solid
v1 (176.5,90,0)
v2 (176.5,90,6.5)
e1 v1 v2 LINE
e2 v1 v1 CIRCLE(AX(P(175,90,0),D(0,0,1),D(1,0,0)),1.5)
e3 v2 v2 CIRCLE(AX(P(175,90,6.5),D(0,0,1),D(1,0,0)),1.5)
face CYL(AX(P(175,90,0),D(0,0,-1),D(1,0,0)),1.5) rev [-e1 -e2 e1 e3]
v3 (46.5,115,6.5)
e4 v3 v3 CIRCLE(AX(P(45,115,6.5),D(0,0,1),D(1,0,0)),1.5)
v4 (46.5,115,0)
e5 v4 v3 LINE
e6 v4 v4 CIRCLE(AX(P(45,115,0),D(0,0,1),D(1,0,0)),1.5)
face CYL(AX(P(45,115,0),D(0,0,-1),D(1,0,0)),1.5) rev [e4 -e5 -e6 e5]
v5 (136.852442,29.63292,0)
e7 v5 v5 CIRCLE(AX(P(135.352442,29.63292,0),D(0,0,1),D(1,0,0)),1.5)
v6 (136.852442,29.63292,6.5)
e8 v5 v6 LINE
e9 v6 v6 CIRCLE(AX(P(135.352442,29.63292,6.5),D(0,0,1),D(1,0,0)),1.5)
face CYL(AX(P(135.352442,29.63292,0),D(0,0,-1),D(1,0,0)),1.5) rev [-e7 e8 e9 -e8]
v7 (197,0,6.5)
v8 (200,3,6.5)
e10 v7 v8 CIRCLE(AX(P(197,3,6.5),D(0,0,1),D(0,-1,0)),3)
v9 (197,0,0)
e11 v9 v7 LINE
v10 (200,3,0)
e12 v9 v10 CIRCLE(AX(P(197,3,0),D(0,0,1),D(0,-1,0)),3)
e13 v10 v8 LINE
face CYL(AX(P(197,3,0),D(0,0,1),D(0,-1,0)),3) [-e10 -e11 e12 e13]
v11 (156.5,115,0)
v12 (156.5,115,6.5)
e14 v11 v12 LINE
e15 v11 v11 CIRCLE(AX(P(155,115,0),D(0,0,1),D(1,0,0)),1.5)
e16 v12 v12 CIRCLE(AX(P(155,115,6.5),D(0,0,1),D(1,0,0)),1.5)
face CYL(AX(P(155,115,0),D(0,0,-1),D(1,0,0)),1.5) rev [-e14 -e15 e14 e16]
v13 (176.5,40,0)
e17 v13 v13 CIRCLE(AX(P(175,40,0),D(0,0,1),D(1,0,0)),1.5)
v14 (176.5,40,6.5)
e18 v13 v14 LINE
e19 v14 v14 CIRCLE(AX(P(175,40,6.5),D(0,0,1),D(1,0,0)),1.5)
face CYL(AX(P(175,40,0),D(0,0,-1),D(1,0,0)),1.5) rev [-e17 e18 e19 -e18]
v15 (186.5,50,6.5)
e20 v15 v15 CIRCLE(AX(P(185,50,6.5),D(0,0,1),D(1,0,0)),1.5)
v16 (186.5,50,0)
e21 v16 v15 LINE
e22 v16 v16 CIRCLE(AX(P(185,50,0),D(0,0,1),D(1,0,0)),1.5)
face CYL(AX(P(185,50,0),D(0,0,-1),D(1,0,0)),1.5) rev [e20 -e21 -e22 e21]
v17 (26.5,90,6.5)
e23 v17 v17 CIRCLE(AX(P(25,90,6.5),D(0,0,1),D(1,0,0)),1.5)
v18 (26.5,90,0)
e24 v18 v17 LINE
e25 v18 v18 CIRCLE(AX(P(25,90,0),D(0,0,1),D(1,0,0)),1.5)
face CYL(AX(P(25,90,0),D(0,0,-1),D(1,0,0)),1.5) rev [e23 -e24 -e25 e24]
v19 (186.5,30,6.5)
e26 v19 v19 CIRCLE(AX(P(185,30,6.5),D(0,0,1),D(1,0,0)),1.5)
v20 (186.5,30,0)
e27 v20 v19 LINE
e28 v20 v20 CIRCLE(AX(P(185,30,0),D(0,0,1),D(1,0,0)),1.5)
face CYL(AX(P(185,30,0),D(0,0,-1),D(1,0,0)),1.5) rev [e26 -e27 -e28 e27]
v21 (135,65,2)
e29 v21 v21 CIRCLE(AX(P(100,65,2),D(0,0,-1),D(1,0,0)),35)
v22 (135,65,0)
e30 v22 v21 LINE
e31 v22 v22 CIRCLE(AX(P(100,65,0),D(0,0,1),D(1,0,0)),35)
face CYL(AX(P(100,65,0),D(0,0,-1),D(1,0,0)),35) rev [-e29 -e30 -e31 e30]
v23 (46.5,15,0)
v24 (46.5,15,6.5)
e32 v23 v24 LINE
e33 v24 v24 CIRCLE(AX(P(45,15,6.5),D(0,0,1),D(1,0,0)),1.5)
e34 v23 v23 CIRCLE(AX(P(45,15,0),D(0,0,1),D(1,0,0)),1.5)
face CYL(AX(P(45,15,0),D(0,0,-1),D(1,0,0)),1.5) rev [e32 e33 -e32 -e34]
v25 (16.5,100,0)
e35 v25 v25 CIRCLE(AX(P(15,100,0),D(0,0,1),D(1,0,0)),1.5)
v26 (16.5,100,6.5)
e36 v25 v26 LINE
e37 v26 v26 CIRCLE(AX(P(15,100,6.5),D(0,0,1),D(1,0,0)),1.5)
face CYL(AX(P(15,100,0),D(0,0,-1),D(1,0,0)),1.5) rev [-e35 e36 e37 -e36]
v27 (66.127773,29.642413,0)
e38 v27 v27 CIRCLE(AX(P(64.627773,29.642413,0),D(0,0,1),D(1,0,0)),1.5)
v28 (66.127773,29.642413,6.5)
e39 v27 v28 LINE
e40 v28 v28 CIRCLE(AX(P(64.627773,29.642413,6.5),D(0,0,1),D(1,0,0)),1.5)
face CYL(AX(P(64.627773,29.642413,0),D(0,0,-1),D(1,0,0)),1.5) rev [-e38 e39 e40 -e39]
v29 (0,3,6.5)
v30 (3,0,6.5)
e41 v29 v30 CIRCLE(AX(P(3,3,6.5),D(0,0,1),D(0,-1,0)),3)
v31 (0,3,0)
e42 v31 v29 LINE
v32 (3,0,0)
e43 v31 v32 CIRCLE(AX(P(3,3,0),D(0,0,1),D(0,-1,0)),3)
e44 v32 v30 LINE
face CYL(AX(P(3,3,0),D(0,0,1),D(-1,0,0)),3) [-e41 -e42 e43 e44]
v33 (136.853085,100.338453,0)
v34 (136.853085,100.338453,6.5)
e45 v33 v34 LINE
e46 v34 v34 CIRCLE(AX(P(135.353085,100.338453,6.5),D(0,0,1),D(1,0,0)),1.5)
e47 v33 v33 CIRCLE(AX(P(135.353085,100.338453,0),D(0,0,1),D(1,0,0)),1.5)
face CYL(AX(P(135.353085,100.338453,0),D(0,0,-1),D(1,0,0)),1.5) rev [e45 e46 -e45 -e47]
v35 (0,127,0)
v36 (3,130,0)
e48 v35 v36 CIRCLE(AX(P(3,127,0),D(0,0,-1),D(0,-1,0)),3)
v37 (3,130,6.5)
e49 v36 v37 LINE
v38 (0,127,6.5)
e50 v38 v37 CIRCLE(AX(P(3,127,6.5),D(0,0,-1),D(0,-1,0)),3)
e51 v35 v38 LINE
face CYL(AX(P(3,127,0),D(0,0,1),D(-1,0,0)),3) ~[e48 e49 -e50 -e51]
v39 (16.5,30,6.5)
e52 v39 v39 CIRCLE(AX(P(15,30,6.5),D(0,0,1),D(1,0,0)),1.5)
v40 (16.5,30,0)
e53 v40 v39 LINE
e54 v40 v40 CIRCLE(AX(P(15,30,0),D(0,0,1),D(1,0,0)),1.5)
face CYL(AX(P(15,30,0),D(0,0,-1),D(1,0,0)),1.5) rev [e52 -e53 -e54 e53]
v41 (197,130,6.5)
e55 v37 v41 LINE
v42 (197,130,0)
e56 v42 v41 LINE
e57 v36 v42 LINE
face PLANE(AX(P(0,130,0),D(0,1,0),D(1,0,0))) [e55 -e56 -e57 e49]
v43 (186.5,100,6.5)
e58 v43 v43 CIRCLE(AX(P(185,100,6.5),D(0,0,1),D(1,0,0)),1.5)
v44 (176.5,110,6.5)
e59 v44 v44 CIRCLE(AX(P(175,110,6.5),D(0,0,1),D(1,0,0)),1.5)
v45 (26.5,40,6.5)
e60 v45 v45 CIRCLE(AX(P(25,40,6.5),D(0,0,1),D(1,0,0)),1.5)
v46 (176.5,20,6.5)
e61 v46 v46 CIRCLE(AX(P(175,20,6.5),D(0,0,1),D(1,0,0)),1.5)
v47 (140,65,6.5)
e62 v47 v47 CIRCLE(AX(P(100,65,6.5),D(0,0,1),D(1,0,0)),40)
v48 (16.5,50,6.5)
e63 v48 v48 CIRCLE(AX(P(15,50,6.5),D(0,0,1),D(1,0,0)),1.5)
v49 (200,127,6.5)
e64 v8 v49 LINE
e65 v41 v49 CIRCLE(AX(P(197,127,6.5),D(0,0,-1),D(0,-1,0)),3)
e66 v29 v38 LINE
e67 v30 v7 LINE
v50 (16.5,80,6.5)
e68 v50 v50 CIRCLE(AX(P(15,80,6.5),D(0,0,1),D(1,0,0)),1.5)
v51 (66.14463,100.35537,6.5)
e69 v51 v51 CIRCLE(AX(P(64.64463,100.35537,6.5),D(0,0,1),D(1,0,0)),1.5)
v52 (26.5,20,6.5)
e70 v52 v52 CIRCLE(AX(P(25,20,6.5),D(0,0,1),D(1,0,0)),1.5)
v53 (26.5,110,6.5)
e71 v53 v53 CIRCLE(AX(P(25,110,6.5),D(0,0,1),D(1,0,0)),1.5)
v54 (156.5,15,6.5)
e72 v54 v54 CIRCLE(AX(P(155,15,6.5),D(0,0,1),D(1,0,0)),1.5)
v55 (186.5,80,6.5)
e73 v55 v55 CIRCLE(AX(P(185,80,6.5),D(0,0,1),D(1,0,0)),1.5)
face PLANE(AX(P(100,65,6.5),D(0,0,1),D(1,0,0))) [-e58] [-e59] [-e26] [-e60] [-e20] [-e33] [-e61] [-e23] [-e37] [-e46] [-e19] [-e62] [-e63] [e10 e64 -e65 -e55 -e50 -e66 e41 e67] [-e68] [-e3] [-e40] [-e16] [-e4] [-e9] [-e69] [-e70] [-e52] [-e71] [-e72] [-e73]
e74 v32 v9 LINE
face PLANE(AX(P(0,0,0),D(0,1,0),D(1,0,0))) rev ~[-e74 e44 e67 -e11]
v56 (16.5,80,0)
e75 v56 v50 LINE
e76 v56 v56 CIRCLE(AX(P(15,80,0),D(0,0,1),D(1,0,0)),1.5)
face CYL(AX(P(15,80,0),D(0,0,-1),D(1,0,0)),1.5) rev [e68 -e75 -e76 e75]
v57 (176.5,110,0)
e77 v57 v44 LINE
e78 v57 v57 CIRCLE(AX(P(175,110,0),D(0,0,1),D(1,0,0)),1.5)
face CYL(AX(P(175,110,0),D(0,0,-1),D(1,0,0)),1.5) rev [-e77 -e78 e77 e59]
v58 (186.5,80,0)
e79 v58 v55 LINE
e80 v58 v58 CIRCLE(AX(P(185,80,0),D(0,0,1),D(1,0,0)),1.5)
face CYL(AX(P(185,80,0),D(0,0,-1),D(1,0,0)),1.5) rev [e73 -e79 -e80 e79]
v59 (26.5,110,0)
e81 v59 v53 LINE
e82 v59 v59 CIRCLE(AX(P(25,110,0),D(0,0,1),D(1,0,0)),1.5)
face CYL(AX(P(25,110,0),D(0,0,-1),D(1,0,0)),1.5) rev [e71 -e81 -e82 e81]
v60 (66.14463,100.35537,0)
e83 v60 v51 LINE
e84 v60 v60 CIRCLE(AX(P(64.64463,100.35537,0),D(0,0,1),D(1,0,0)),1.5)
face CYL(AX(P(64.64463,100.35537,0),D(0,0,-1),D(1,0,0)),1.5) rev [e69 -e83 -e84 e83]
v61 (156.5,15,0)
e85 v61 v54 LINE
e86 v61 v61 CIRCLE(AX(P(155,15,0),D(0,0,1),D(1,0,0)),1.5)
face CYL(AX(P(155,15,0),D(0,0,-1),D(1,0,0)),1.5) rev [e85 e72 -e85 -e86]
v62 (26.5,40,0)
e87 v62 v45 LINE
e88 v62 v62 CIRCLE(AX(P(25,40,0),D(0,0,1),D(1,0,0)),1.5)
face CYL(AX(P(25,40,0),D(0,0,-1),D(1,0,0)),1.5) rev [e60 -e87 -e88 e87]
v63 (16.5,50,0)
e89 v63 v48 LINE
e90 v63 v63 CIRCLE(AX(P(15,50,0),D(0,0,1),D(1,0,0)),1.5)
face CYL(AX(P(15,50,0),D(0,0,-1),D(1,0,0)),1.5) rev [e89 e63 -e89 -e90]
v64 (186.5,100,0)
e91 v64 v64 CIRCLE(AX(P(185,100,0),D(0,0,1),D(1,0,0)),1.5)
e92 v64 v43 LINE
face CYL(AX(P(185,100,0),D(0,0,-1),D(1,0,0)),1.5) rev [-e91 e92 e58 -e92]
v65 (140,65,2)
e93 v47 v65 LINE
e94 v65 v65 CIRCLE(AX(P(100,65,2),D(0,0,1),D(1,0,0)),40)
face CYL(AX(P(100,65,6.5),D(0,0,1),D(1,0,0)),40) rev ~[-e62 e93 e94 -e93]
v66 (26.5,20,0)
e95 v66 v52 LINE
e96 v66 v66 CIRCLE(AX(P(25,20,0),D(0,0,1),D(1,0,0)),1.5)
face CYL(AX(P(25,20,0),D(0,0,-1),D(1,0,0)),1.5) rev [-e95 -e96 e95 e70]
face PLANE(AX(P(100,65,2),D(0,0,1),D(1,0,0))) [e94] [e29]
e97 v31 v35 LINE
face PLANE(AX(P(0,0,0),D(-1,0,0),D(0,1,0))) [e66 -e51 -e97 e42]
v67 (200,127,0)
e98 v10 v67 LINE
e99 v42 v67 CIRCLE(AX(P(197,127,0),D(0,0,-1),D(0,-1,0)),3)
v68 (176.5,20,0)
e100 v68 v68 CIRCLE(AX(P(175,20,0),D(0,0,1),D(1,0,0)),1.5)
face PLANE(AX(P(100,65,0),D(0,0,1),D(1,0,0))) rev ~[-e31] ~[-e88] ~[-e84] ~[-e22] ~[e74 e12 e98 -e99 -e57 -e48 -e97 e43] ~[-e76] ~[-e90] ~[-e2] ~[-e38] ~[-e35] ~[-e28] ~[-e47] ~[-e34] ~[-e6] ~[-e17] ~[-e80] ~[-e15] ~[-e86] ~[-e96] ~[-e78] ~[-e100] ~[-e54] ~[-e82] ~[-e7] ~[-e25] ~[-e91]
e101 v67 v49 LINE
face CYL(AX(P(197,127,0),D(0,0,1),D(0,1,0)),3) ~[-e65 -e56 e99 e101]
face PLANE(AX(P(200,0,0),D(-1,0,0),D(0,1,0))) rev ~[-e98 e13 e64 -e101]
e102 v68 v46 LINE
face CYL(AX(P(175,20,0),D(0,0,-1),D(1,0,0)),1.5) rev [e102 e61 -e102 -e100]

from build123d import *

# Parameters (mm, degrees)
SKETCH_W     = 200
SKETCH_H     = 130
SKETCH_R     = 35
SKETCH_R_2   = 1.5
PAD_DEPTH    = 6.5
SKETCH001_R  = 40
POCKET_DEPTH = 4.5
FILLET_R     = 3


with BuildPart() as part:
    # Sketch → Pad (new body)
    with BuildSketch(Plane.XY):
        with Locations((100, 65)):
            Rectangle(SKETCH_W, SKETCH_H)
        with Locations((100, 65)):
            Circle(SKETCH_R, mode=Mode.SUBTRACT)
        with Locations((45, 115)):
            Circle(SKETCH_R_2, mode=Mode.SUBTRACT)
        with Locations((45, 15)):
            Circle(SKETCH_R_2, mode=Mode.SUBTRACT)
        with Locations((155, 115)):
            Circle(SKETCH_R_2, mode=Mode.SUBTRACT)
        with Locations((155, 15)):
            Circle(SKETCH_R_2, mode=Mode.SUBTRACT)
        with Locations((185, 30)):
            Circle(SKETCH_R_2, mode=Mode.SUBTRACT)
        with Locations((135.353085, 100.338453)):
            Circle(SKETCH_R_2, mode=Mode.SUBTRACT)
        with Locations((64.627773, 29.642413)):
            Circle(SKETCH_R_2, mode=Mode.SUBTRACT)
        with Locations((64.64463, 100.35537)):
            Circle(SKETCH_R_2, mode=Mode.SUBTRACT)
        with Locations((135.352442, 29.63292)):
            Circle(SKETCH_R_2, mode=Mode.SUBTRACT)
        with Locations((175, 20)):
            Circle(SKETCH_R_2, mode=Mode.SUBTRACT)
        with Locations((175, 40)):
            Circle(SKETCH_R_2, mode=Mode.SUBTRACT)
        with Locations((185, 50)):
            Circle(SKETCH_R_2, mode=Mode.SUBTRACT)
        with Locations((175, 90)):
            Circle(SKETCH_R_2, mode=Mode.SUBTRACT)
        with Locations((175, 110)):
            Circle(SKETCH_R_2, mode=Mode.SUBTRACT)
        with Locations((185, 80)):
            Circle(SKETCH_R_2, mode=Mode.SUBTRACT)
        with Locations((185, 100)):
            Circle(SKETCH_R_2, mode=Mode.SUBTRACT)
        with Locations((15, 30)):
            Circle(SKETCH_R_2, mode=Mode.SUBTRACT)
        with Locations((25, 20)):
            Circle(SKETCH_R_2, mode=Mode.SUBTRACT)
        with Locations((25, 40)):
            Circle(SKETCH_R_2, mode=Mode.SUBTRACT)
        with Locations((15, 50)):
            Circle(SKETCH_R_2, mode=Mode.SUBTRACT)
        with Locations((25, 90)):
            Circle(SKETCH_R_2, mode=Mode.SUBTRACT)
        with Locations((25, 110)):
            Circle(SKETCH_R_2, mode=Mode.SUBTRACT)
        with Locations((15, 80)):
            Circle(SKETCH_R_2, mode=Mode.SUBTRACT)
        with Locations((15, 100)):
            Circle(SKETCH_R_2, mode=Mode.SUBTRACT)
    extrude(amount=PAD_DEPTH)

    # Sketch001 (on Face31 of Pad) → Pocket (cut)
    with BuildSketch(Plane.XY.offset(6.5)):
        with Locations((100, 65)):
            Circle(SKETCH001_R)
    extrude(amount=-POCKET_DEPTH, mode=Mode.SUBTRACT)

    # Fillet
    fillet_edges = [part.edges().sort_by_distance(p)[0] for p in [
        (200, 0, 3.25),
        (200, 130, 3.25),
        (0, 0, 3.25),
        (0, 130, 3.25),
    ]]
    fillet(fillet_edges, radius=FILLET_R)


solid = part.part
